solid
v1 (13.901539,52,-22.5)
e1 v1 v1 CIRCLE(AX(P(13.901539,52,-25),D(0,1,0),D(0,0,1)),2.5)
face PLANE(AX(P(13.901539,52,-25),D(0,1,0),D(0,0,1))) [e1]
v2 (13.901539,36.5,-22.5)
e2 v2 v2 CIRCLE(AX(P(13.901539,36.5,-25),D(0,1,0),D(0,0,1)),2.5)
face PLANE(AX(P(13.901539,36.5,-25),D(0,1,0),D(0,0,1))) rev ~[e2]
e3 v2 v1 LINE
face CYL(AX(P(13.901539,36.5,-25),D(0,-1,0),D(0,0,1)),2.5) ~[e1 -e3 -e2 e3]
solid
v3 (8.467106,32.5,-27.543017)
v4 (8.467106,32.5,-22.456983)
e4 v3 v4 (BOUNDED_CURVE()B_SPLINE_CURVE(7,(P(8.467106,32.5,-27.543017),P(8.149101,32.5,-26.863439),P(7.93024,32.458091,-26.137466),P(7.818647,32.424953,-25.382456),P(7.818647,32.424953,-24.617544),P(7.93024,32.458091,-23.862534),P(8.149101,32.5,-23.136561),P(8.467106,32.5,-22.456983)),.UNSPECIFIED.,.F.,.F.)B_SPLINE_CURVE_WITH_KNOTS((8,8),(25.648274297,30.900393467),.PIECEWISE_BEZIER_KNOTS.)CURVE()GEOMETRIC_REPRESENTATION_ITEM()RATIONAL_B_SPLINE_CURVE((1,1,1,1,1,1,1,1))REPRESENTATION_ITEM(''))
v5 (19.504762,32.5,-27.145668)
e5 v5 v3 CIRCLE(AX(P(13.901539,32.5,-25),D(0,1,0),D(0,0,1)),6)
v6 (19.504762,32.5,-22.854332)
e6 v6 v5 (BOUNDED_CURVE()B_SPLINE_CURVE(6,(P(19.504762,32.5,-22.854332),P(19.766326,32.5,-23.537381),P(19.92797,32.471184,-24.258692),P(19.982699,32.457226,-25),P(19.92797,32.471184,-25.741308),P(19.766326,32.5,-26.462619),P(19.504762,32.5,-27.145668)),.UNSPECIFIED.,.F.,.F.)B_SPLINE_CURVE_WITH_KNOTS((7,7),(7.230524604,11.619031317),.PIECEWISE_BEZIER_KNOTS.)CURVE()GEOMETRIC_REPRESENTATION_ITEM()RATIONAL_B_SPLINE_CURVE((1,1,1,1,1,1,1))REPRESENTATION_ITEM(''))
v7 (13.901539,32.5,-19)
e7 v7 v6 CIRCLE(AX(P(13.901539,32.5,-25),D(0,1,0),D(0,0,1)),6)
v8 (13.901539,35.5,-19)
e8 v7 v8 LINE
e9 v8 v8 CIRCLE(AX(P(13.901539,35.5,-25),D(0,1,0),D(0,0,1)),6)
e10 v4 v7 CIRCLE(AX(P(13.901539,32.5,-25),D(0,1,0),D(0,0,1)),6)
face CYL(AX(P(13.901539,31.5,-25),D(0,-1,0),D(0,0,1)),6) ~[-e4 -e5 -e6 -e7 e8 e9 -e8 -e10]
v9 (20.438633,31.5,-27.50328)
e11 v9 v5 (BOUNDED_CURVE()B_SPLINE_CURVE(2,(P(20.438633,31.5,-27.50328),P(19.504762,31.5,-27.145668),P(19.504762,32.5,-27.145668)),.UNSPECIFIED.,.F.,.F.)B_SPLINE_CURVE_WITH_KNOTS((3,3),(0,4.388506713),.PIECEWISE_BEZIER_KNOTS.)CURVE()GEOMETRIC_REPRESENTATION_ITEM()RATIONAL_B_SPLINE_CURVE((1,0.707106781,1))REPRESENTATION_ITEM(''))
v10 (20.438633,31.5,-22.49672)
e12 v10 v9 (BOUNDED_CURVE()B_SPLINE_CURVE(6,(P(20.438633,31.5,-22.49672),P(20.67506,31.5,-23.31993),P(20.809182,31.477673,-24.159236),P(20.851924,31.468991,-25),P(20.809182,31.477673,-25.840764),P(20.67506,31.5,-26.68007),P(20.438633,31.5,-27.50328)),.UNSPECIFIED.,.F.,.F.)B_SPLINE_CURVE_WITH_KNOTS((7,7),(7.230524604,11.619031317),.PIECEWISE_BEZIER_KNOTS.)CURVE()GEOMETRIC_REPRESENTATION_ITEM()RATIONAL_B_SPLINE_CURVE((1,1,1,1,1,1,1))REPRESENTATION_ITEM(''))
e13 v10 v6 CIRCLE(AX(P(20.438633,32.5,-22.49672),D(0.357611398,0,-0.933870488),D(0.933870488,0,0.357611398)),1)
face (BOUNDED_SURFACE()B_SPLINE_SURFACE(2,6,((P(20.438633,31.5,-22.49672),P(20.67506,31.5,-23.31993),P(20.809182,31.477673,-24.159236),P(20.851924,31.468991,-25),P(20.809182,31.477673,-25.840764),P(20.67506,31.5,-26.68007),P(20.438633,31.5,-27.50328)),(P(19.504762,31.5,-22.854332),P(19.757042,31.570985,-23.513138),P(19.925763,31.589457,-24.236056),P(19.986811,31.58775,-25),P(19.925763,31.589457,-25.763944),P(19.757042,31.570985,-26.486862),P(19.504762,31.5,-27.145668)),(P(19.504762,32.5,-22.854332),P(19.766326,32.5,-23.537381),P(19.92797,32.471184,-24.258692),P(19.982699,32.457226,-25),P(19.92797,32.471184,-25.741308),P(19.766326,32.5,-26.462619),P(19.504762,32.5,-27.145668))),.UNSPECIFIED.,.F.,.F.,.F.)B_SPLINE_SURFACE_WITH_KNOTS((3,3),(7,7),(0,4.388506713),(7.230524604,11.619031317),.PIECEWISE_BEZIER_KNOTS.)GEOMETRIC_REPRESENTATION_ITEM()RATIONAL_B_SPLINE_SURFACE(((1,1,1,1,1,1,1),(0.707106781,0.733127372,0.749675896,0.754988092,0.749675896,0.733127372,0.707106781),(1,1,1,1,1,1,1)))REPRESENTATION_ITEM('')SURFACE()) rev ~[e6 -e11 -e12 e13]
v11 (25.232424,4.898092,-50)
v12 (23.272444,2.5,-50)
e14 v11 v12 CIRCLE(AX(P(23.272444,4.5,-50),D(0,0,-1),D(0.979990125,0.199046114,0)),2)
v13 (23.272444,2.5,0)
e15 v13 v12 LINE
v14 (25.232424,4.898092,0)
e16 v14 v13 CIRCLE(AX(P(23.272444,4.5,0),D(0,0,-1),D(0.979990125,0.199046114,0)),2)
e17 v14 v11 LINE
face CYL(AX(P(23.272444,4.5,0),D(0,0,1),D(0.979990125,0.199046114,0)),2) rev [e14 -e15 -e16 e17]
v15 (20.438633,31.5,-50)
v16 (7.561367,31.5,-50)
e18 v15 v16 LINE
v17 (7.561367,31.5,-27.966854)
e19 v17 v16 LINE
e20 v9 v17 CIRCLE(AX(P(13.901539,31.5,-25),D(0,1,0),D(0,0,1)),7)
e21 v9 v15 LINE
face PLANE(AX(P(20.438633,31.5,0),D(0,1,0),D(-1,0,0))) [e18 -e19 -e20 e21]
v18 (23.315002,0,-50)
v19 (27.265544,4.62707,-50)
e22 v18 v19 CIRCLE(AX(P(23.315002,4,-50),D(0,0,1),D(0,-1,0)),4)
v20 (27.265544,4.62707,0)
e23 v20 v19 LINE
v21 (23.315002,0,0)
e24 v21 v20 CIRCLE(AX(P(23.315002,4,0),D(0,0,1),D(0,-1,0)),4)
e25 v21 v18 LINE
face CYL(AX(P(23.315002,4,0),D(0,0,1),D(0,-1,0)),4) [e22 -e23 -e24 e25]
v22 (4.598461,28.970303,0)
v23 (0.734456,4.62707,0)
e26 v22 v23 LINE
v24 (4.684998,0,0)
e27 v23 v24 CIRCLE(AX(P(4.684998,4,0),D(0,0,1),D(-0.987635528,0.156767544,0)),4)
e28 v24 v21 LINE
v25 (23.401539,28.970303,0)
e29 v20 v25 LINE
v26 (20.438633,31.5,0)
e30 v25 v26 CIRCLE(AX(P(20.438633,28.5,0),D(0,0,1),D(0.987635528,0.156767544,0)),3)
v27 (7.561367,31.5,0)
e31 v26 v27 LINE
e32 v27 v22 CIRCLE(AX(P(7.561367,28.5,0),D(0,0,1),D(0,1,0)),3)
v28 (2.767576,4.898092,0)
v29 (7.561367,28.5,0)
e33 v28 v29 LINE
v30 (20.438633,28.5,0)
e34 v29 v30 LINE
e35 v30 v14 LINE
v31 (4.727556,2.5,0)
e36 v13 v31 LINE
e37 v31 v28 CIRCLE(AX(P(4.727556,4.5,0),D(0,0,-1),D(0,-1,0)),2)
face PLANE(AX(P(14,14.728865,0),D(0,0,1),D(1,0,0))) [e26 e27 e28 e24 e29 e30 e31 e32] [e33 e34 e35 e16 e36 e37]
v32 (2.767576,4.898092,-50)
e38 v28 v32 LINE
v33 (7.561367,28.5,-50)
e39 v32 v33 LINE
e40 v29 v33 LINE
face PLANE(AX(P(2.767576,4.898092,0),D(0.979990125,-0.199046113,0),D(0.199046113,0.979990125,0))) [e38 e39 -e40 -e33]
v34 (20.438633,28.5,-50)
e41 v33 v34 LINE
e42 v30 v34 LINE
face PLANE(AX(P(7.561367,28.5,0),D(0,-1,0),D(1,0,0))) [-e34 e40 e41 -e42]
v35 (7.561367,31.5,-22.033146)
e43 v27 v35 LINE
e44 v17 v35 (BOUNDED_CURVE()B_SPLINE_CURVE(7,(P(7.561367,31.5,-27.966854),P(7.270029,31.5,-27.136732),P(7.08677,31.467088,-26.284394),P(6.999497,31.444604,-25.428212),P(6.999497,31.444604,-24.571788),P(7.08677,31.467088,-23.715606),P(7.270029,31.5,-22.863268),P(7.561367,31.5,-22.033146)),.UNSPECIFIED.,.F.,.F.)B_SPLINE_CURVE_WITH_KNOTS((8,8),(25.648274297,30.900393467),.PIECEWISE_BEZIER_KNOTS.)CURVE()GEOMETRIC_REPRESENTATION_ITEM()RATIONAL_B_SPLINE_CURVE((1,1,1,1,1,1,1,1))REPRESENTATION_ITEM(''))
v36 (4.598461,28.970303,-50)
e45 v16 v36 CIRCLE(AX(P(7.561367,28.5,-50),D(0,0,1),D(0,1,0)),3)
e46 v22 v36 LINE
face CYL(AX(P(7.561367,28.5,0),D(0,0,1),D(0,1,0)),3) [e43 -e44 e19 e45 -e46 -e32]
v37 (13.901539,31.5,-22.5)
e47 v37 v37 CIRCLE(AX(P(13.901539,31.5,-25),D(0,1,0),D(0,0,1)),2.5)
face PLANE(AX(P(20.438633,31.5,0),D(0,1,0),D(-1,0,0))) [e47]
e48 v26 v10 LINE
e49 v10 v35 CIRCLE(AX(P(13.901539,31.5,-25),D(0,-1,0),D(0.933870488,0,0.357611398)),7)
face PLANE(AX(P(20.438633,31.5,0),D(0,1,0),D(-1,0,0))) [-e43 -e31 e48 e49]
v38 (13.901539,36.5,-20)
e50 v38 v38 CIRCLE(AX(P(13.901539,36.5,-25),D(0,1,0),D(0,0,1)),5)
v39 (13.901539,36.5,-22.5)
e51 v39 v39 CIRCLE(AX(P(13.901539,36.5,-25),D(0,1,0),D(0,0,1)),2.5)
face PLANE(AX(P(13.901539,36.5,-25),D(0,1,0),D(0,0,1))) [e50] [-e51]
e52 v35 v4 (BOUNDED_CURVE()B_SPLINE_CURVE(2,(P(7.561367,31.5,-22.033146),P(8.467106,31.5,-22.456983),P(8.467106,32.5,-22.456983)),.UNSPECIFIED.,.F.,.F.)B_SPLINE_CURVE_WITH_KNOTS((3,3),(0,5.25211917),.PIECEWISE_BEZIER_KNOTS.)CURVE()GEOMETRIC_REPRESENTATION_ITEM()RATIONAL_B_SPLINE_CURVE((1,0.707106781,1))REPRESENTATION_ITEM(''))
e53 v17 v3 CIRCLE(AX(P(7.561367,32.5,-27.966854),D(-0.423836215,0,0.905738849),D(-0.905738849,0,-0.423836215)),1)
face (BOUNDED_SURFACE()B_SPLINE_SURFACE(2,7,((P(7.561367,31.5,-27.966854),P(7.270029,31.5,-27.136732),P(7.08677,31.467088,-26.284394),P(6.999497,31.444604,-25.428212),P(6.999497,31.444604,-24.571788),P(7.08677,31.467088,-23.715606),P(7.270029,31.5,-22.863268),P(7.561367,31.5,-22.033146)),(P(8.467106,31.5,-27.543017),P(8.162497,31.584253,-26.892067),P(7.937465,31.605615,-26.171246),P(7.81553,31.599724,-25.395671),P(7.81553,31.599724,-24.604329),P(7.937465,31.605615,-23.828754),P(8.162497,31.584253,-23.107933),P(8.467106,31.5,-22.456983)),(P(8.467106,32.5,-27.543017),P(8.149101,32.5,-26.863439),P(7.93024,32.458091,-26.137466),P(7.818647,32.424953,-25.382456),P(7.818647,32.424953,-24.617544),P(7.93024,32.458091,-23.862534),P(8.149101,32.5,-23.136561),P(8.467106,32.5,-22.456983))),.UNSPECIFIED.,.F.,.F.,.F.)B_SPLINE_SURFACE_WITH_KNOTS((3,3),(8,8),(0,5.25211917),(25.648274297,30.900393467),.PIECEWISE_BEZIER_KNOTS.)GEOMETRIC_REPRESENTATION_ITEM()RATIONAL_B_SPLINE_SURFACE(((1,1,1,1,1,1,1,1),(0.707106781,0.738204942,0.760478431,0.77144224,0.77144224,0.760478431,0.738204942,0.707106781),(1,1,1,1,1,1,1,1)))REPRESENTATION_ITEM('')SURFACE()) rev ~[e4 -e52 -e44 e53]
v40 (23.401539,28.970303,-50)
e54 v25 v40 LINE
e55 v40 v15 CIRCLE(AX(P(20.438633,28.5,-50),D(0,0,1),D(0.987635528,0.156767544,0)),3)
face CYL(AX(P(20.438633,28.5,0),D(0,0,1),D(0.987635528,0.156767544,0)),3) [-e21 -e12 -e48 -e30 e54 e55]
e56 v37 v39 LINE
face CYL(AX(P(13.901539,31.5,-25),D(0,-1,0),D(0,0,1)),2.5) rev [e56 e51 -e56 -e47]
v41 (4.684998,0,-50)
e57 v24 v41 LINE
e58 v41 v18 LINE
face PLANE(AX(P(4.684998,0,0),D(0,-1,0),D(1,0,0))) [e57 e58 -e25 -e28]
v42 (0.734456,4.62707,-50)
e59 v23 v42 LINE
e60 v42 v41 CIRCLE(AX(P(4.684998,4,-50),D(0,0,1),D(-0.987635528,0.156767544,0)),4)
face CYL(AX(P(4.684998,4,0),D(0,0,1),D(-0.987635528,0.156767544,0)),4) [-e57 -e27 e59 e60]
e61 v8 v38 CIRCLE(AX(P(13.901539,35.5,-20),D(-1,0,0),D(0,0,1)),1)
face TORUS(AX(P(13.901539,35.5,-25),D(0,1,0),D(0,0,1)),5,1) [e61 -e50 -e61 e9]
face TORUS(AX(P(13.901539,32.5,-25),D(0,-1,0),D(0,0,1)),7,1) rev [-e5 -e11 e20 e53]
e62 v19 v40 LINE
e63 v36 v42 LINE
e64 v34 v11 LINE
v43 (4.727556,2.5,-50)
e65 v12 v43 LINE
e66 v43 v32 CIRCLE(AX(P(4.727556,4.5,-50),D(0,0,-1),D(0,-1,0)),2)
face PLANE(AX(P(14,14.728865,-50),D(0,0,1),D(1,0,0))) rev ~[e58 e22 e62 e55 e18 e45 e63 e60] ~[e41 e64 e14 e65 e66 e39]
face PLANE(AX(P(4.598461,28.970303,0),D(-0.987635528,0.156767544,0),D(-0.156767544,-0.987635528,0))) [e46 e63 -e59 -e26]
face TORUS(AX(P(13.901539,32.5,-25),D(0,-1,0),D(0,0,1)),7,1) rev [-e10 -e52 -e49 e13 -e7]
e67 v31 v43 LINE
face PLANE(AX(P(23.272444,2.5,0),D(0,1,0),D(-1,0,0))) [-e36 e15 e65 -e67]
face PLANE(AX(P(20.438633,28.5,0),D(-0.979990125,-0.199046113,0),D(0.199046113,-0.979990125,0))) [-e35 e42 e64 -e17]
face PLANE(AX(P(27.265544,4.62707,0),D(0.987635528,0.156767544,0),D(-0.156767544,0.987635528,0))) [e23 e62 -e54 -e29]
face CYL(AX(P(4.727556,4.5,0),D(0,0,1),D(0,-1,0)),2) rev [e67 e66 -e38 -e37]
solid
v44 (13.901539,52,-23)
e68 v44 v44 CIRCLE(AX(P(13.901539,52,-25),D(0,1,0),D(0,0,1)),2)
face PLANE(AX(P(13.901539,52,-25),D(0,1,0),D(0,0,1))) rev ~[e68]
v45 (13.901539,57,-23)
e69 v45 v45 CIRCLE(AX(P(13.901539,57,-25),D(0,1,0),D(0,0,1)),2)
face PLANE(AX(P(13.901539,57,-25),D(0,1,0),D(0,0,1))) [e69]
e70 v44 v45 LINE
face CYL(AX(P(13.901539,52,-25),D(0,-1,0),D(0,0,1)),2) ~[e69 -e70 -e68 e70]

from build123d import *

# Parameters (mm, degrees)
SALIENTE_EXTRUIR1_DEPTH = 50
CROQUIS2_R              = 6
CROQUIS2_R_2            = 2.5
SALIENTE_EXTRUIR2_DEPTH = 5
SALIENTE_EXTRUIR3_START = 5
CROQUIS2_3_R            = 2.5
SALIENTE_EXTRUIR3_DEPTH = 15.5
SALIENTE_EXTRUIR4_START = 20.5
CROQUIS2_4_R            = 2
SALIENTE_EXTRUIR4_DEPTH = 5
REDONDEO1_R             = 1


with BuildPart() as part:
    # Croquis1 → Saliente-Extruir1 (new body)
    with BuildSketch(Plane.XY):
        with BuildLine():
            Line((4.684997697, 0), (23.315002303, 0))
            ThreePointArc((23.315002303, 0), (26.357064161, 1.402720722), (27.265544416, 4.627070177))
            Line((27.265544416, 4.627070177), (23.401539265, 28.970302633))
            ThreePointArc((23.401539265, 28.970302633), (22.386592138, 30.781546394), (20.438632679, 31.5))
            Line((20.438632679, 31.5), (7.561367321, 31.5))
            ThreePointArc((7.561367321, 31.5), (5.613407862, 30.781546394), (4.598460735, 28.970302633))
            Line((4.598460735, 28.970302633), (0.734455584, 4.627070177))
            ThreePointArc((0.734455584, 4.627070177), (1.642935839, 1.402720722), (4.684997697, 0))
        make_face()
        with BuildLine():
            Line((7.561367321, 28.5), (20.438632679, 28.5))
            Line((20.438632679, 28.5), (25.232423855, 4.898092227))
            ThreePointArc((25.232423855, 4.898092227), (24.821021091, 3.234335047), (23.272443606, 2.5))
            Line((23.272443606, 2.5), (4.727556394, 2.5))
            ThreePointArc((4.727556394, 2.5), (3.178978909, 3.234335047), (2.767576145, 4.898092227))
            Line((2.767576145, 4.898092227), (7.561367321, 28.5))
        make_face(mode=Mode.SUBTRACT)
    extrude(amount=-SALIENTE_EXTRUIR1_DEPTH)

    # Croquis2 → Saliente-Extruir2 (add)
    with BuildSketch(Plane(origin=(0, 31.5, 0), x_dir=(1, 0, 0), z_dir=(0, 1, 0))):
        with Locations(Location((13.901539265, 25, 0), (0, 0, 270))):
            Circle(CROQUIS2_R)
        with Locations(Location((13.901539265, 25, 0), (0, 0, 270))):
            Circle(CROQUIS2_R_2, mode=Mode.SUBTRACT)
    extrude(amount=SALIENTE_EXTRUIR2_DEPTH)

    # Redondeo1
    redondeo1_edges = [part.edges().sort_by_distance(p)[0] for p in [
        (13.901539265, 31.5, -31),
        (13.901539265, 36.5, -31),
    ]]
    fillet(redondeo1_edges, radius=REDONDEO1_R)


with BuildPart() as body_2:
    # Croquis2<3> → Saliente-Extruir3 (new body)
    with BuildSketch(Plane(origin=(0, 31.5, 0), x_dir=(1, 0, 0), z_dir=(0, 1, 0)).offset(SALIENTE_EXTRUIR3_START)):
        with Locations(Location((13.901539265, 25, 0), (0, 0, 270))):
            Circle(CROQUIS2_3_R)
    extrude(amount=SALIENTE_EXTRUIR3_DEPTH)


with BuildPart() as body_3:
    # Croquis2<4> → Saliente-Extruir4 (new body)
    with BuildSketch(Plane(origin=(0, 31.5, 0), x_dir=(1, 0, 0), z_dir=(0, 1, 0)).offset(SALIENTE_EXTRUIR4_START)):
        with Locations(Location((13.901539265, 25, 0), (0, 0, 270))):
            Circle(CROQUIS2_4_R)
    extrude(amount=SALIENTE_EXTRUIR4_DEPTH)


solid = Compound([part.part, body_2.part, body_3.part])
